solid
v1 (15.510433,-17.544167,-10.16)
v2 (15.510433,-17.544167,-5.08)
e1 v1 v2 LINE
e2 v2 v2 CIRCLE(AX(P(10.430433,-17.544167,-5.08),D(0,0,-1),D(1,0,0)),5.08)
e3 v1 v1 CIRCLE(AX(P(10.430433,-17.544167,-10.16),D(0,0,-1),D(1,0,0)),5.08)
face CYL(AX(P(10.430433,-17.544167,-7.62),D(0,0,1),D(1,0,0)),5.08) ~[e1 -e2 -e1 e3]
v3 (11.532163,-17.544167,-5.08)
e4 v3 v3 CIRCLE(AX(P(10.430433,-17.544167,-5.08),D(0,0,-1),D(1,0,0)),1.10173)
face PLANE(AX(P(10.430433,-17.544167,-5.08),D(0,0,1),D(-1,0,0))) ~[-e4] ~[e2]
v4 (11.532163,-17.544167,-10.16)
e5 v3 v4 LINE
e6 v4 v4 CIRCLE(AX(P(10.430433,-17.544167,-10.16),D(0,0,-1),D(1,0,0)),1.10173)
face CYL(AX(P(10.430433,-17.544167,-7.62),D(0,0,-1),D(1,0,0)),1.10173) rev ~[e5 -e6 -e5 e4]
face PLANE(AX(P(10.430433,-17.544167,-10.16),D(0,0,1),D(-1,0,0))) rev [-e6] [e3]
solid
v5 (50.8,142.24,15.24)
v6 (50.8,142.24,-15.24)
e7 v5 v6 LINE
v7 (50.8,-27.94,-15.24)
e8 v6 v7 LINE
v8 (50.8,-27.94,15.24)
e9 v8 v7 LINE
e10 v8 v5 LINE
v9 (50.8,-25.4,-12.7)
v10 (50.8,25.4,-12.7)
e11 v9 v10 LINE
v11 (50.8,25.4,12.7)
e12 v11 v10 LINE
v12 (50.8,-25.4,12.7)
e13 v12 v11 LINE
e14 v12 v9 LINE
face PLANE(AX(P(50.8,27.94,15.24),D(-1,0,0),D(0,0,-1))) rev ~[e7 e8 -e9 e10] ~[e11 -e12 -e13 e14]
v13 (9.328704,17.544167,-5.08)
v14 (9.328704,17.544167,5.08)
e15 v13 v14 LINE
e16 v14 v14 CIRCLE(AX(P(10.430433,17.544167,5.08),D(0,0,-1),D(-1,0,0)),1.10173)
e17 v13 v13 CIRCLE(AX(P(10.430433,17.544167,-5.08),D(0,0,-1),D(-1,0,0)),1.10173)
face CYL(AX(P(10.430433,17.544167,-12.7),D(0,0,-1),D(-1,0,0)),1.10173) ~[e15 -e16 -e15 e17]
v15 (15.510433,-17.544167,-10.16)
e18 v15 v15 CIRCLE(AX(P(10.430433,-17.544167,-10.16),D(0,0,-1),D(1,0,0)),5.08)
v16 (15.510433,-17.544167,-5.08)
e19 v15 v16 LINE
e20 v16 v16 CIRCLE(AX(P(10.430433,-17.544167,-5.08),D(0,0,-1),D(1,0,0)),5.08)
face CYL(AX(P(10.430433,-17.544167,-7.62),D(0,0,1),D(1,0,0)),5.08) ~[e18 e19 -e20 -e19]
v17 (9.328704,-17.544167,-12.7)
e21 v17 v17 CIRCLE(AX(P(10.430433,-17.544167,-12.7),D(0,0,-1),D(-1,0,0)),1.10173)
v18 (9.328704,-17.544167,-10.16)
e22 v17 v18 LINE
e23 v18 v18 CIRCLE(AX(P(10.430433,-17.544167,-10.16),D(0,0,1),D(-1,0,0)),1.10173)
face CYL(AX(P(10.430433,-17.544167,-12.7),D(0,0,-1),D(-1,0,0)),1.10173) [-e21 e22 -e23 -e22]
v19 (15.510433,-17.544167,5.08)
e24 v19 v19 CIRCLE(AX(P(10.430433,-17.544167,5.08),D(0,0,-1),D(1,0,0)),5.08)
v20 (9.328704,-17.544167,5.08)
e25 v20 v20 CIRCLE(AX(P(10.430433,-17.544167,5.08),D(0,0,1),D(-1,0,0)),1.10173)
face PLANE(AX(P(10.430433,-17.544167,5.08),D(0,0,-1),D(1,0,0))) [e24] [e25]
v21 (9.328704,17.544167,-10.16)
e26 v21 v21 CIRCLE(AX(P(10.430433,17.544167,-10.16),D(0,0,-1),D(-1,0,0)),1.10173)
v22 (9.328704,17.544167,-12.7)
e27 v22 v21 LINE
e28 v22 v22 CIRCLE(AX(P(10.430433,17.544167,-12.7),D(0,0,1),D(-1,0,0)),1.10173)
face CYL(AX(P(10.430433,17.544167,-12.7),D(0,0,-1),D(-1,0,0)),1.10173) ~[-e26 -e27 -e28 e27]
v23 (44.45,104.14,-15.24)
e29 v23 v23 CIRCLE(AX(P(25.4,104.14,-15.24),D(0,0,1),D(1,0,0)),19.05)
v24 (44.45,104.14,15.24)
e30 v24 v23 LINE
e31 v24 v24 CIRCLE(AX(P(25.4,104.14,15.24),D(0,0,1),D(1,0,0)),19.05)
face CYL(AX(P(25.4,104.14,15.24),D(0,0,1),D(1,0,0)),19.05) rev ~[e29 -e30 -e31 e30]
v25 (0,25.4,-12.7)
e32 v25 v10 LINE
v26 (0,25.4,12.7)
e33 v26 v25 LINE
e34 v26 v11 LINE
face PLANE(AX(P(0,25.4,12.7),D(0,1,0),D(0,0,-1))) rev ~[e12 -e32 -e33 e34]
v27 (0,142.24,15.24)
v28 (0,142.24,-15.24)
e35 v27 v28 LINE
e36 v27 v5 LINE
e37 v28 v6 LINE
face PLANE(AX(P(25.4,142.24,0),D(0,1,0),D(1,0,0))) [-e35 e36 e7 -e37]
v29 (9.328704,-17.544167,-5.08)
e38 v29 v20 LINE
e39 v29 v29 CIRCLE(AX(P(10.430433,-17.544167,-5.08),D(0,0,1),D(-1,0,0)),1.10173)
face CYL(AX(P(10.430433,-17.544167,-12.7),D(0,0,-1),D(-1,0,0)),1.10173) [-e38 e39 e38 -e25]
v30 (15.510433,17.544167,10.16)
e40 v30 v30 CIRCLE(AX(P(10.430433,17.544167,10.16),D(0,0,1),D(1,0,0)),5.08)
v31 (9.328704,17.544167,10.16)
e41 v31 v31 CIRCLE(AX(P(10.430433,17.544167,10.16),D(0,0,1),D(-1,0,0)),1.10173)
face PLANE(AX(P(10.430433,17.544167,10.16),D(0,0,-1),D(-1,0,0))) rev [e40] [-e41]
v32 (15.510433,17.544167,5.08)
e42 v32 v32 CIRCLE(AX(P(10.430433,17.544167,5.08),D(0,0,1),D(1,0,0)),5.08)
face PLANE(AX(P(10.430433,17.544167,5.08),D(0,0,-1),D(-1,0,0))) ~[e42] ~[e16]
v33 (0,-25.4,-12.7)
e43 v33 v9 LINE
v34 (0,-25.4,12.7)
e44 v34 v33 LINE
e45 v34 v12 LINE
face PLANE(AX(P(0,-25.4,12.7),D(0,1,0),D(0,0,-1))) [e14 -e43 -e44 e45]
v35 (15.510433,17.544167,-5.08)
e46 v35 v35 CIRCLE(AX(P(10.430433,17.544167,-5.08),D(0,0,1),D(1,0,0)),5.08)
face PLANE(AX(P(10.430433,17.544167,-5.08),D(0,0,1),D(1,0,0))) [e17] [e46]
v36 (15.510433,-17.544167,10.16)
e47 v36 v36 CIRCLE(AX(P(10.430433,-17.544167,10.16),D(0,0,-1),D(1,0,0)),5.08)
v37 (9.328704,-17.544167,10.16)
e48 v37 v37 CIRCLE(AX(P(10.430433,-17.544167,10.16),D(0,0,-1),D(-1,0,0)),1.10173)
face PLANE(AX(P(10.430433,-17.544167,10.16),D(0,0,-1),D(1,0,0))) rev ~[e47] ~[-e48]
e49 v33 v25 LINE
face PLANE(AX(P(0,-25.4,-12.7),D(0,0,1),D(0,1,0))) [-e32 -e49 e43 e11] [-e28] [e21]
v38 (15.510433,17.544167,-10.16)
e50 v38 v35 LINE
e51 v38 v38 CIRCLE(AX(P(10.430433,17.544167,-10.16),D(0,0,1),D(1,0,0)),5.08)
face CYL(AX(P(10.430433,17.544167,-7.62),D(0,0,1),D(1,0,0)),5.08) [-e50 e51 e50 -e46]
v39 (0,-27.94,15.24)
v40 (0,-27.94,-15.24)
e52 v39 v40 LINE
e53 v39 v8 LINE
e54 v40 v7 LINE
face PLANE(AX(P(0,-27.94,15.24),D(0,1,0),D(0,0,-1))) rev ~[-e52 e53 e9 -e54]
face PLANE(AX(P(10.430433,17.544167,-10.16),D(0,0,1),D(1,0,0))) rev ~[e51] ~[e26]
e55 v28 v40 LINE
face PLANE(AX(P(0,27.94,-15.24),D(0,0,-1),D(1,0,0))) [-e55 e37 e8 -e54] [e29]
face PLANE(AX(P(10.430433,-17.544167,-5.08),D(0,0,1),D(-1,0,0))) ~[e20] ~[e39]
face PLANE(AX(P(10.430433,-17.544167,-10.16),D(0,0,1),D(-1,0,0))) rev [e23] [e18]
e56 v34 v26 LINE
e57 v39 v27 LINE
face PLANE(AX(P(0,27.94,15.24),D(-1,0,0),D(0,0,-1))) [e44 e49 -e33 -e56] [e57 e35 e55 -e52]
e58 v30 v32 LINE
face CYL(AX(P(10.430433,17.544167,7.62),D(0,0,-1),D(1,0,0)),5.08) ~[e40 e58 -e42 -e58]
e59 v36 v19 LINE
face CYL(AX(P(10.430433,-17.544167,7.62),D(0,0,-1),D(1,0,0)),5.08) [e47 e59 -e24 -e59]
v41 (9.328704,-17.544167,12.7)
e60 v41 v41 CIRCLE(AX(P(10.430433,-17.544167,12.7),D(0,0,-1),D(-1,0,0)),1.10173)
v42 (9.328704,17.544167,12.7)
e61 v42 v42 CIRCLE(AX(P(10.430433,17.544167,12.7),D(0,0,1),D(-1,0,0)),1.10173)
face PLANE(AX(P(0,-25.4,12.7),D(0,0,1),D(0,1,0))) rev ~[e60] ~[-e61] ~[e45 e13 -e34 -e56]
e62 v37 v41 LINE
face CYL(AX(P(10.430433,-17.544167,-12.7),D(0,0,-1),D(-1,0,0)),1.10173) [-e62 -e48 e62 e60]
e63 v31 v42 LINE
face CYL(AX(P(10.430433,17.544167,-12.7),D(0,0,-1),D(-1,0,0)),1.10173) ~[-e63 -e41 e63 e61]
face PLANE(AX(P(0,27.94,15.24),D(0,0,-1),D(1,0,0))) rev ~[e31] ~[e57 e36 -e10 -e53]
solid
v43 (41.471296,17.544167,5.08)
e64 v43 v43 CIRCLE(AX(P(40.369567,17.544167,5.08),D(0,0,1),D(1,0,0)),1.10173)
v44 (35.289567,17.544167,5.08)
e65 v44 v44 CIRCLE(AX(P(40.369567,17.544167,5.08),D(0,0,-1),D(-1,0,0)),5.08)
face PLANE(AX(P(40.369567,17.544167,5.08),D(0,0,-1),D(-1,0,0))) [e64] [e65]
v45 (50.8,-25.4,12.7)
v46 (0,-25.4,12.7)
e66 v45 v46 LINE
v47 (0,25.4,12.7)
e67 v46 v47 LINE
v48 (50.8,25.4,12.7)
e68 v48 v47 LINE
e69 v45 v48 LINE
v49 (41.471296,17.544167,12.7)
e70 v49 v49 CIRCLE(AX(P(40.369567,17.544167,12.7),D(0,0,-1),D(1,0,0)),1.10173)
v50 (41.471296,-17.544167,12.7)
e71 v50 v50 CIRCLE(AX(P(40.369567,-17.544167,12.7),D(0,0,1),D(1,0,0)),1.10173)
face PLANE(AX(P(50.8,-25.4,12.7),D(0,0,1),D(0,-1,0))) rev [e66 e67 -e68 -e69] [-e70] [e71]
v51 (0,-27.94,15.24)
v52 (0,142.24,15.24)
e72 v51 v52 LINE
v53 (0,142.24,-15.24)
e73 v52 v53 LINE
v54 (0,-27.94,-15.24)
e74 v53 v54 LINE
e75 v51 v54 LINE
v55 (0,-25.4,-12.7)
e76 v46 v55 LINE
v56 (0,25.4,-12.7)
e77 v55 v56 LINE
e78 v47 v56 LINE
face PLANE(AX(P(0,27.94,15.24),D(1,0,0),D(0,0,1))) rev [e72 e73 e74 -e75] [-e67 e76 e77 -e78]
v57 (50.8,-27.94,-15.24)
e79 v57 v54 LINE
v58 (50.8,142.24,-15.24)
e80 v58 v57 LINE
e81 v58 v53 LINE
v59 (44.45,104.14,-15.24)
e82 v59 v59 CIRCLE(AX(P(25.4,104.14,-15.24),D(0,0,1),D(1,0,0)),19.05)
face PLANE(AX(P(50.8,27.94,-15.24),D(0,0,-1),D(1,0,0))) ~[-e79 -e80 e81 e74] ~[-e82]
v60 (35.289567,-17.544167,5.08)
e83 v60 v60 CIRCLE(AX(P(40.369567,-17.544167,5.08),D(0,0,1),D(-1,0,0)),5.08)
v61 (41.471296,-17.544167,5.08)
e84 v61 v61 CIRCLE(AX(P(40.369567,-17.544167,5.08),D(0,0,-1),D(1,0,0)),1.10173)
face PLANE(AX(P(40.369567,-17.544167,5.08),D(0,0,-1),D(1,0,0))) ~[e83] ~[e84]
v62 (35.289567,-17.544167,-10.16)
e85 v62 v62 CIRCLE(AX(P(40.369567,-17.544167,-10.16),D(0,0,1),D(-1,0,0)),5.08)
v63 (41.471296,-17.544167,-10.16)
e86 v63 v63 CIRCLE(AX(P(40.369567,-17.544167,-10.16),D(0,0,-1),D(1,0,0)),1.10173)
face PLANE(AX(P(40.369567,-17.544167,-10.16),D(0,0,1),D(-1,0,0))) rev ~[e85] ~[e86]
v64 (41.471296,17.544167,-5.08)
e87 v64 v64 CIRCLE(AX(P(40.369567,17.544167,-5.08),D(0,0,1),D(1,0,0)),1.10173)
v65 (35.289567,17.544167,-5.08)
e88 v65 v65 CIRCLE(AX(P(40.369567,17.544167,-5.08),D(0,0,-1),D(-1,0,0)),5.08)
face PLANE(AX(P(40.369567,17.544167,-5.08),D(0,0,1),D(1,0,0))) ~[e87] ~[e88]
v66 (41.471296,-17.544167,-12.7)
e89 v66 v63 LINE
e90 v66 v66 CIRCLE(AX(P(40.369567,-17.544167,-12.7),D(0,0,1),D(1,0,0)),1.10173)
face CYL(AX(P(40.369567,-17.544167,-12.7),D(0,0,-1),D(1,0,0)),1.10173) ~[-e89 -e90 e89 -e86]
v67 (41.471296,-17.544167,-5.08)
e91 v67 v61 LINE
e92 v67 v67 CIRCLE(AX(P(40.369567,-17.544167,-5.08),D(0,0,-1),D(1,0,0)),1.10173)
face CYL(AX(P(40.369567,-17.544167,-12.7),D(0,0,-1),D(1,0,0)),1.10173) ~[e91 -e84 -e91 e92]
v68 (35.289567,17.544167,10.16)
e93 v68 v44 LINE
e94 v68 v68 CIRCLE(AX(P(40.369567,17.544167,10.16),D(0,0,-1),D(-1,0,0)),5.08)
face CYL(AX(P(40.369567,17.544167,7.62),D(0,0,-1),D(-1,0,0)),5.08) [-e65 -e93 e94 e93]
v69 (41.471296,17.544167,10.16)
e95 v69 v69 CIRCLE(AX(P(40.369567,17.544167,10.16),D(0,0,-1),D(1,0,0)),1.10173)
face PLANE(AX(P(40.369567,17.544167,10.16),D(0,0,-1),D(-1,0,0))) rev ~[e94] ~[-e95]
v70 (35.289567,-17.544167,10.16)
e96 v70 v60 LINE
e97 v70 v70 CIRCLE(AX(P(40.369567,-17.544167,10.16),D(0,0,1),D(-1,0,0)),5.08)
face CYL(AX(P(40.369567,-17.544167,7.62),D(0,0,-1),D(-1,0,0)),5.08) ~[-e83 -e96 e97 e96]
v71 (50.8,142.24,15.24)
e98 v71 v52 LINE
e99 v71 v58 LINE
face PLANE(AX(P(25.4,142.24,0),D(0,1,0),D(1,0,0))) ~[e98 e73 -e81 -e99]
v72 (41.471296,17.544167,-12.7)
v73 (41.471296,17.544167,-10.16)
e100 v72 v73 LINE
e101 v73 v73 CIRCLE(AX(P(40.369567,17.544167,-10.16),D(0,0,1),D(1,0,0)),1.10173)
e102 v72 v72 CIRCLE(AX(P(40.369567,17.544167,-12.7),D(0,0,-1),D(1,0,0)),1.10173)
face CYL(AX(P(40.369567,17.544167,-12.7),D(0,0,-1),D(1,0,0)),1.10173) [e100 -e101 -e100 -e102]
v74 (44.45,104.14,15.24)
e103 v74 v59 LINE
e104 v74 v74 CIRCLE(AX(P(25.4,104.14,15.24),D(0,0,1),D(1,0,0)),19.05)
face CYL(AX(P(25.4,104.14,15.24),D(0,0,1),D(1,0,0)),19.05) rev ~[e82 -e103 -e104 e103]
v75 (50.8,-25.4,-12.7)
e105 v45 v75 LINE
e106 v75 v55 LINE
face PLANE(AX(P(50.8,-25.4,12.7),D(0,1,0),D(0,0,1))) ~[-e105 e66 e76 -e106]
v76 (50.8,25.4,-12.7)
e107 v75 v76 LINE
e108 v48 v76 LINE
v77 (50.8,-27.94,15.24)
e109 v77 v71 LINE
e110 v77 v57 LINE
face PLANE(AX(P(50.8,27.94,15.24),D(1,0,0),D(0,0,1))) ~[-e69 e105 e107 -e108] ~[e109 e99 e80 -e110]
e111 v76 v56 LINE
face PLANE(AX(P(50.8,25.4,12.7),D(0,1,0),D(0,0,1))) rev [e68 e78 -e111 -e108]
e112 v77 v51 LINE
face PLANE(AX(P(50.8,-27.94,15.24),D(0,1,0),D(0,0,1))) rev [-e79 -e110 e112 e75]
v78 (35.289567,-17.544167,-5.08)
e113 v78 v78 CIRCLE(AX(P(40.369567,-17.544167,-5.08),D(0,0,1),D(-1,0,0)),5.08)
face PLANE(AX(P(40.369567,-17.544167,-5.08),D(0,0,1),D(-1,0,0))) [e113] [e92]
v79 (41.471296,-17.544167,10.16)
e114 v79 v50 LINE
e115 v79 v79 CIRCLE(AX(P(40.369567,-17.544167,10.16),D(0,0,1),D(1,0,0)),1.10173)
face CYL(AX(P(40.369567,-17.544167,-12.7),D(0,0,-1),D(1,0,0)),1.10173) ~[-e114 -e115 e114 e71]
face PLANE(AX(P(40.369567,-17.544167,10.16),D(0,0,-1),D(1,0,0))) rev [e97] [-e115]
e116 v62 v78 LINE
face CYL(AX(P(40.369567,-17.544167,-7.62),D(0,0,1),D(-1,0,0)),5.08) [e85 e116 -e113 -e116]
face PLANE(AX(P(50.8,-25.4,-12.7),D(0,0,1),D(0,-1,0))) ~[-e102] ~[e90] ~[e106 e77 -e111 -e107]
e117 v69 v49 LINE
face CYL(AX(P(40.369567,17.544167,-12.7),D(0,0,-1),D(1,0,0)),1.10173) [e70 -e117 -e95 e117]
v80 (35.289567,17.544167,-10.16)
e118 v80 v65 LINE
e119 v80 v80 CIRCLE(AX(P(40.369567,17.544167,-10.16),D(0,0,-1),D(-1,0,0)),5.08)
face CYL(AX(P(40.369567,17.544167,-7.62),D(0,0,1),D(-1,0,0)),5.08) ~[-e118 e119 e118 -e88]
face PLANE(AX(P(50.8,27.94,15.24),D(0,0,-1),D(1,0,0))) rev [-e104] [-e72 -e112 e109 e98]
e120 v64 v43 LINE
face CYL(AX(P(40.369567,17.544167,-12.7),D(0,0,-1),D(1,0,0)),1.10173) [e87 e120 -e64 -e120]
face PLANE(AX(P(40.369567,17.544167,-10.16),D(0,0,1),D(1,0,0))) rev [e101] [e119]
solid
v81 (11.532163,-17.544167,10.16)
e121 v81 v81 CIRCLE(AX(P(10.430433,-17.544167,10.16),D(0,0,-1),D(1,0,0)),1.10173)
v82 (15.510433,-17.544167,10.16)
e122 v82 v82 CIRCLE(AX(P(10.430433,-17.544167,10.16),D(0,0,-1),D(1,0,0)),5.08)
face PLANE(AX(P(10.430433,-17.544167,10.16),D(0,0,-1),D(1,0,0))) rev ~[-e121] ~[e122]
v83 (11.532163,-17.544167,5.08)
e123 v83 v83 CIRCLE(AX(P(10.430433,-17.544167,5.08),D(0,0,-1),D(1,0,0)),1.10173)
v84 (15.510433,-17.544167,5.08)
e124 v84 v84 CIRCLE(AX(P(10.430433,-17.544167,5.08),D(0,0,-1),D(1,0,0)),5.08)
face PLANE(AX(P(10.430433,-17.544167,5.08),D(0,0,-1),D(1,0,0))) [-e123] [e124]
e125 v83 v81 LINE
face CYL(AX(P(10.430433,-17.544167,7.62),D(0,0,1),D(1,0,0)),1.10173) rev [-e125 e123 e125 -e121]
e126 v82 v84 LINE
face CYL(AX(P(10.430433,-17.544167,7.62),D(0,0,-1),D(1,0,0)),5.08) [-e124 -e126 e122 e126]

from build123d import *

# Parameters (mm, degrees)
SKETCH1_W           = 30.48
SKETCH1_H           = 55.88
SKETCH1_W_2         = 25.4
SKETCH1_H_2         = 50.8
BOSS_EXTRUDE1_DEPTH = 50.8
SKETCH6_R           = 5.08
SKETCH6_R_2         = 1.101729558
BOSS_EXTRUDE2_DEPTH = 2.54
SKETCH7_R           = 1.101729558
BOSS_EXTRUDE3_DEPTH = 25.4
SKETCH8_W           = 50.8
SKETCH8_H           = 30.48
BOSS_EXTRUDE4_DEPTH = 114.3
SKETCH9_R           = 19.05
CUT_EXTRUDE1_DEPTH  = 155.084029023


with BuildPart() as part:
    # Sketch1 → Boss-Extrude1 (new body)
    with BuildSketch(Plane(origin=(0, 0, 0), x_dir=(0, 0, -1), z_dir=(1, 0, 0))):
        Rectangle(SKETCH1_W, SKETCH1_H)
        Rectangle(SKETCH1_W_2, SKETCH1_H_2, mode=Mode.SUBTRACT)
    extrude(amount=BOSS_EXTRUDE1_DEPTH)



with BuildPart() as body_2:
    # Sketch6 → Boss-Extrude2 (new, symmetric)
    with BuildSketch(Plane.XY.offset(-7.62)):
        with Locations((10.430433186, 17.544167119)):
            Circle(SKETCH6_R)
        with Locations((10.430433186, 17.544167119)):
            Circle(SKETCH6_R_2, mode=Mode.SUBTRACT)
    extrude(amount=BOSS_EXTRUDE2_DEPTH, both=True)


with BuildPart() as body_3:
    # Mirror6: mirrored copy
    add(body_2.part.mirror(Plane.XY))


with BuildPart() as body_4:
    # Mirror7: mirrored copy
    add(body_2.part.mirror(Plane(origin=(0, 0, 0), x_dir=(0, 0, 1), z_dir=(0, -1, 0))))


with BuildPart() as body_5:
    # Mirror7 2: mirrored copy
    add(body_3.part.mirror(Plane(origin=(0, 0, 0), x_dir=(0, 0, 1), z_dir=(0, -1, 0))))


with BuildPart() as part_1:
    add(part.part)

    add(body_2.part)  # Boss-Extrude3 merges body 2

    add(body_3.part)  # Boss-Extrude3 merges body 3
    # Sketch7 → Boss-Extrude3 (add)
    with BuildSketch(Plane.XY.offset(-12.7)):
        with Locations(Location((10.430433186, 17.544167119, 0), (0, 0, 180))):
            Circle(SKETCH7_R)
    extrude(amount=BOSS_EXTRUDE3_DEPTH)


with BuildPart() as body_4_2:
    # Mirror8: mirrored copy
    add(part_1.part.mirror(Plane(origin=(0, 0, 0), x_dir=(0, 0, 1), z_dir=(0, -1, 0))))


with BuildPart() as part_2:
    add(part_1.part)

    add(body_4_2.part)  # Boss-Extrude4 merges body 4 2
    # Sketch8 → Boss-Extrude4 (add)
    with BuildSketch(Plane(origin=(0, 27.94, 0), x_dir=(1, 0, 0), z_dir=(0, 1, 0))):
        with Locations((25.4, 0)):
            Rectangle(SKETCH8_W, SKETCH8_H)
    extrude(amount=BOSS_EXTRUDE4_DEPTH)


with BuildPart() as body_4_3:
    # Mirror10: mirrored copy
    add(part_2.part.mirror(Plane(origin=(25.4, 0, 0), x_dir=(0, 0, 1), z_dir=(1, 0, 0))))


with BuildPart() as cut_extrude1_tool:
    # Sketch9 → Cut-Extrude1 (new, through all)
    with BuildSketch(Plane.XY.offset(15.24)):
        with Locations((25.4, 104.14)):
            Circle(SKETCH9_R)
    extrude(amount=-CUT_EXTRUDE1_DEPTH)


with BuildPart() as part_3:
    add(part_2.part)

    # Cut-Extrude1: cut by cut_extrude1_tool
    add(cut_extrude1_tool.part, mode=Mode.SUBTRACT)


with BuildPart() as body_4_3_1:
    add(body_4_3.part)

    # Cut-Extrude1: cut by cut_extrude1_tool
    add(cut_extrude1_tool.part, mode=Mode.SUBTRACT)


solid = Compound([body_4.part, body_5.part, part_3.part, body_4_3_1.part])
